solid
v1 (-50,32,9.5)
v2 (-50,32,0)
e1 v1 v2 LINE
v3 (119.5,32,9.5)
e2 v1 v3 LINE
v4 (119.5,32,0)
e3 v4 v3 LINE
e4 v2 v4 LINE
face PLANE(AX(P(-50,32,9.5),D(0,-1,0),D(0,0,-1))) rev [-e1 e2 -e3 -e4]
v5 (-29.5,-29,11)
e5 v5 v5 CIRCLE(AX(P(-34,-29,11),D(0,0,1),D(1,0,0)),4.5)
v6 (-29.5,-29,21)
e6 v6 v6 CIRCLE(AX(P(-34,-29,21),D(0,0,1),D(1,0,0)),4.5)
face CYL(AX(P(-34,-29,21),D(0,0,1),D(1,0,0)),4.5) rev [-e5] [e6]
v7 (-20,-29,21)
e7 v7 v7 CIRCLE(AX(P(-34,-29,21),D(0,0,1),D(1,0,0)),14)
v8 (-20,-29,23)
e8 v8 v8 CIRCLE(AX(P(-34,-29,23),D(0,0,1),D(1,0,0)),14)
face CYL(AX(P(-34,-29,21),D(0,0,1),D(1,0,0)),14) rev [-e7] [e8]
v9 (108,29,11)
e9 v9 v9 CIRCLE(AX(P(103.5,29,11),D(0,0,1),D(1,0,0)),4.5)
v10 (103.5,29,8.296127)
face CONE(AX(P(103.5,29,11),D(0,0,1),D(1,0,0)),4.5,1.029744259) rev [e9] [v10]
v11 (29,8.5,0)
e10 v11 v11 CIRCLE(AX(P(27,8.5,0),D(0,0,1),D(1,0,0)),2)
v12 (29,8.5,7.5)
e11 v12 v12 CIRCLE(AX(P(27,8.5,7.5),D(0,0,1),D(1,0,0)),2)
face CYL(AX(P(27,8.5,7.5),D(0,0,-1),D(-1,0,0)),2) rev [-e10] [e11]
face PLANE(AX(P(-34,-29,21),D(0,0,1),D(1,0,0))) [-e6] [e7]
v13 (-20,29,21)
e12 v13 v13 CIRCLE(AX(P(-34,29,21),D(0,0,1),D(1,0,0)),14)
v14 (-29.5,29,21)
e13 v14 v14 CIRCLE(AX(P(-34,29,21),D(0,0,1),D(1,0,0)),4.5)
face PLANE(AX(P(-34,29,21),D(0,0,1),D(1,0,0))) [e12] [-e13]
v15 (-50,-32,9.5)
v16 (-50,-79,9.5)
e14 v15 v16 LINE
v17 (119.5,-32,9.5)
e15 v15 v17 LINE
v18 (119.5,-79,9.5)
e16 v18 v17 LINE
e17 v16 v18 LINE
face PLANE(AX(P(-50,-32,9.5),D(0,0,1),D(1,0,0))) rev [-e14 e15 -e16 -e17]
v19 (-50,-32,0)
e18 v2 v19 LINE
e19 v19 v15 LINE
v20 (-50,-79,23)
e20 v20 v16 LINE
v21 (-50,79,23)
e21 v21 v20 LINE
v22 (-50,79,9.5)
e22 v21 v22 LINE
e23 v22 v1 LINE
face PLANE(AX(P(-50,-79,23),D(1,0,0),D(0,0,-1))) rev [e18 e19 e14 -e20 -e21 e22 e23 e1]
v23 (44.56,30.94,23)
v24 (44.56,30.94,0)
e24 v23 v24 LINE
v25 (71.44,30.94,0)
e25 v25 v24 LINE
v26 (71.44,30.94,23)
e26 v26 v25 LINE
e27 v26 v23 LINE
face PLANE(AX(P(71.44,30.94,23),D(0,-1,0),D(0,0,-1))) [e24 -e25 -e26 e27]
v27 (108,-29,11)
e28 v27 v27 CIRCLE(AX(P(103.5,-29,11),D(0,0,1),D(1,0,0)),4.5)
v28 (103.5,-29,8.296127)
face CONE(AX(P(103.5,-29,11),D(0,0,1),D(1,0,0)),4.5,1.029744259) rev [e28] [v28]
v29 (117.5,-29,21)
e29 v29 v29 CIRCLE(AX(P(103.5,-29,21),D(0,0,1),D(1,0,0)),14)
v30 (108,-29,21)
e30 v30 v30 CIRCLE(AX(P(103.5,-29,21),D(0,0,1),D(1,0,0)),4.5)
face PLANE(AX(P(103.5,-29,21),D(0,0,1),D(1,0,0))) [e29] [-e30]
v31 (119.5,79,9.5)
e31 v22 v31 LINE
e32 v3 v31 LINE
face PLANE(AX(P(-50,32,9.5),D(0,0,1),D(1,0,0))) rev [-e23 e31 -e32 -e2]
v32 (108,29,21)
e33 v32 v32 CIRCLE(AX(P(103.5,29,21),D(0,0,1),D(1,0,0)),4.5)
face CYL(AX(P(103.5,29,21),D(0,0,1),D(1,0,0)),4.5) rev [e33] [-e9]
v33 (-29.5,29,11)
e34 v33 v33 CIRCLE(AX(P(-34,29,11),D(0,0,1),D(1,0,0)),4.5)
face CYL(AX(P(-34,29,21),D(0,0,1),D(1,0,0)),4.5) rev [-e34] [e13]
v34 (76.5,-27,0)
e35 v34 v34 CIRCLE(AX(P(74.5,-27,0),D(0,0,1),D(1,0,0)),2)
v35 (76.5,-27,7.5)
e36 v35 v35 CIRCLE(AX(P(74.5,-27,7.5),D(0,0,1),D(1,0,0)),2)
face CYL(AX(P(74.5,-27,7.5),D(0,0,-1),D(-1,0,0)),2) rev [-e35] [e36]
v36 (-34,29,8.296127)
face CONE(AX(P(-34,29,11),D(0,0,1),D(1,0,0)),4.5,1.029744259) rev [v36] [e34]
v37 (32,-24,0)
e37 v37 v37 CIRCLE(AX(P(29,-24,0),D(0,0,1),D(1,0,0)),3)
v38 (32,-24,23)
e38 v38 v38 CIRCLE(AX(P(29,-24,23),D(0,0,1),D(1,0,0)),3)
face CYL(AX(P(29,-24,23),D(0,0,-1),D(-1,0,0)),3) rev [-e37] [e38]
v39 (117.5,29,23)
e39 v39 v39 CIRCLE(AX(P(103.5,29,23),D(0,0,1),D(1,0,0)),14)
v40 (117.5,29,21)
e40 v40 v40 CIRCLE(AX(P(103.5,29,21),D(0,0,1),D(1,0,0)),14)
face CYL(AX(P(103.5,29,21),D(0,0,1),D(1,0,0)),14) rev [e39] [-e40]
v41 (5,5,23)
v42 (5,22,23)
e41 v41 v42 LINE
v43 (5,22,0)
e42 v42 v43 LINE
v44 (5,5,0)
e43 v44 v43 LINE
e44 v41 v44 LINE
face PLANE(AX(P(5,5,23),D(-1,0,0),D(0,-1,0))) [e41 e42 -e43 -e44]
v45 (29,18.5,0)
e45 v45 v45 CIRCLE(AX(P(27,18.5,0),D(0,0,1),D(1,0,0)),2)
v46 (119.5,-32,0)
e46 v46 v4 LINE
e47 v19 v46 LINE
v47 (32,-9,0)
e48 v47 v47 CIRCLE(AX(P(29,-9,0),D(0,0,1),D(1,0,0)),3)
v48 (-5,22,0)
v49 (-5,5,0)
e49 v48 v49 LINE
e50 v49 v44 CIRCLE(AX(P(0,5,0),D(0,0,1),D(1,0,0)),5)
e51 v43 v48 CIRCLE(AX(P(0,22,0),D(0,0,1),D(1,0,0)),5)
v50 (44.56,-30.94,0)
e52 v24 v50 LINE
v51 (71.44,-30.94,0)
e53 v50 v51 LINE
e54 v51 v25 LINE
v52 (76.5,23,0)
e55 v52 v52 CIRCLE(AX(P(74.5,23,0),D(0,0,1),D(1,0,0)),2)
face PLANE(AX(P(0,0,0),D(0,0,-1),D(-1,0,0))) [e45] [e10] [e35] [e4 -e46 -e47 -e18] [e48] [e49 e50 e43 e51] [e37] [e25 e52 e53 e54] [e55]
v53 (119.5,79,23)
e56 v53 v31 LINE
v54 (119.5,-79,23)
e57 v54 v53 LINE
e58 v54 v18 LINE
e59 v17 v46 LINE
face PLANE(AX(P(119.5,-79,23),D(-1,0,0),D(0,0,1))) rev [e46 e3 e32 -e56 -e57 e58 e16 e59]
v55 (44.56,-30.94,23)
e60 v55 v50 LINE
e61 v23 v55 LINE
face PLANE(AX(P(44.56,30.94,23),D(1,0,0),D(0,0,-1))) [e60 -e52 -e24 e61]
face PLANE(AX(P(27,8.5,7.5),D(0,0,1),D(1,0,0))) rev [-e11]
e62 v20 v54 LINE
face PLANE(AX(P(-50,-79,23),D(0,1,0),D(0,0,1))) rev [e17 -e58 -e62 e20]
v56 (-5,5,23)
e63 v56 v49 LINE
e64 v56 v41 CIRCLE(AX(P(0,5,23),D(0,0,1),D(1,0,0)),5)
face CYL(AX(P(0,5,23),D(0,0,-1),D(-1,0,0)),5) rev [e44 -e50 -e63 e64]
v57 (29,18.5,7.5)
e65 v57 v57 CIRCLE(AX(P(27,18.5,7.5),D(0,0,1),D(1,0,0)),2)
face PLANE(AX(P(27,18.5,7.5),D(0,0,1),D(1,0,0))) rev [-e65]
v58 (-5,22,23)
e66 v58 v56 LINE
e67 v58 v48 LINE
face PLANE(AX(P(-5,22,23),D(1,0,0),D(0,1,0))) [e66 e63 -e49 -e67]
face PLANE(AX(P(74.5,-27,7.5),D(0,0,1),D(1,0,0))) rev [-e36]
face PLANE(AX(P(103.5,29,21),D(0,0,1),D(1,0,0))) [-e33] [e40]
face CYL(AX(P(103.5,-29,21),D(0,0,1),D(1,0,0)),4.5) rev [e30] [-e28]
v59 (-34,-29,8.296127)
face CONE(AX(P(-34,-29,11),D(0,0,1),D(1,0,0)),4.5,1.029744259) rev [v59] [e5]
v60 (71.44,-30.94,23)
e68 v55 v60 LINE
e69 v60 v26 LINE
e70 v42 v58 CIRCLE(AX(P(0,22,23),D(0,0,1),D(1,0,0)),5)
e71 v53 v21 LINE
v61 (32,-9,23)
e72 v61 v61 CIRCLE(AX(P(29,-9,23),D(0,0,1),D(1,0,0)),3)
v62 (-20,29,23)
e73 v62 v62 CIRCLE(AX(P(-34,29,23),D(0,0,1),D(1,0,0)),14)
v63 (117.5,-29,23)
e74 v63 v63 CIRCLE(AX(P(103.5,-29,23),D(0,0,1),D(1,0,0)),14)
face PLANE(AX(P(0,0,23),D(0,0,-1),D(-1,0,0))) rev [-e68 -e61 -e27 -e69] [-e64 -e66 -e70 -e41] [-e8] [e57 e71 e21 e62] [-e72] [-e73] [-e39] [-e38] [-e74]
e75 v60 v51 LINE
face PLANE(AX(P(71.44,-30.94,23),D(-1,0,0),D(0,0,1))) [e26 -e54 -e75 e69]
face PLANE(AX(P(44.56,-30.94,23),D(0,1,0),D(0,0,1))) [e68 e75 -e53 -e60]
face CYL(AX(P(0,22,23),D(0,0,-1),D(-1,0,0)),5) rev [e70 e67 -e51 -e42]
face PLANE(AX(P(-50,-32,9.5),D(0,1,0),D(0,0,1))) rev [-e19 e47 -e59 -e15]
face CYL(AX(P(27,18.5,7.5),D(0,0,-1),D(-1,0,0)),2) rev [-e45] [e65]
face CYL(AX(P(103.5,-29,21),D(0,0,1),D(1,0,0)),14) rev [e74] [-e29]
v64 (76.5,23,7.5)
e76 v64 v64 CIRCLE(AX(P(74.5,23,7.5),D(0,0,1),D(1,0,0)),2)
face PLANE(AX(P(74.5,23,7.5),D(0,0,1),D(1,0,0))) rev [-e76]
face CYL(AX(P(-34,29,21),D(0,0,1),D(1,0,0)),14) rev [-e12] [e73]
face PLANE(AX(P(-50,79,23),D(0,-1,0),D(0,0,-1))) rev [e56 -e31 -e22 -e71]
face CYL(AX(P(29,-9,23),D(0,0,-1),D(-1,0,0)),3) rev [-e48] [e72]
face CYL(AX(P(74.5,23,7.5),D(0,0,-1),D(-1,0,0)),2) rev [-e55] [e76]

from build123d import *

# Parameters (mm, degrees)
SKETCH2_W                  = 169.5
SKETCH2_H                  = 158
SKETCH2_R                  = 3
SKETCH2_W_2                = 26.88
SKETCH2_H_2                = 61.88
BOSS_EXTRUDE1_DEPTH        = 23
CUT_EXTRUDE1_DEPTH         = 189.415100244
CUT_EXTRUDE1_DEPTH_BACK    = 189.415100244
SKETCH3_W                  = 9.5
SKETCH3_H                  = 47
SKETCH4_R                  = 2
CUT_EXTRUDE2_DEPTH         = 7.5
SKETCH6_R                  = 14
CUT_EXTRUDE4_DEPTH         = 2
M10X1_0_TAPPED_HOLE1_D     = 9
M10X1_0_TAPPED_HOLE1_DEPTH = 10
M10X1_0_TAPPED_HOLE1_TIP   = 2.703872786


with BuildPart() as part:
    # Sketch2 → Boss-Extrude1 (new body)
    with BuildSketch(Plane.XY):
        with Locations((34.75, 0)):
            Rectangle(SKETCH2_W, SKETCH2_H)
        with Locations((29, -9)):
            Circle(SKETCH2_R, mode=Mode.SUBTRACT)
        with Locations((29, -24)):
            Circle(SKETCH2_R, mode=Mode.SUBTRACT)
        with BuildLine():
            Line((-5, 22), (-5, 5))
            ThreePointArc((-5, 5), (0, 0), (5, 5))
            Line((5, 5), (5, 22))
            ThreePointArc((5, 22), (0, 27), (-5, 22))
        make_face(mode=Mode.SUBTRACT)
        with Locations((58, 0)):
            Rectangle(SKETCH2_W_2, SKETCH2_H_2, mode=Mode.SUBTRACT)
    extrude(amount=BOSS_EXTRUDE1_DEPTH)

    # Sketch3 → Cut-Extrude1 (cut, two sides: drawn at the far end of the back side and taken through both)
    with BuildSketch(Plane(origin=(119.5, 0, 0), x_dir=(0, 0, -1), z_dir=(1, 0, 0)).offset(-CUT_EXTRUDE1_DEPTH_BACK)):
        with Locations((-4.75, 55.5)):
            Rectangle(SKETCH3_W, SKETCH3_H)
        with Locations((-4.75, -55.5)):
            Rectangle(SKETCH3_W, SKETCH3_H)
    extrude(amount=CUT_EXTRUDE1_DEPTH + CUT_EXTRUDE1_DEPTH_BACK, mode=Mode.SUBTRACT)

    # Sketch4 → Cut-Extrude2 (cut)
    with BuildSketch(Plane.XY):
        with Locations((74.5, -27)):
            Circle(SKETCH4_R)
        with Locations((74.5, 23)):
            Circle(SKETCH4_R)
        with Locations((27, 18.5)):
            Circle(SKETCH4_R)
        with Locations((27, 8.5)):
            Circle(SKETCH4_R)
    extrude(amount=CUT_EXTRUDE2_DEPTH, mode=Mode.SUBTRACT)

    # Sketch6 → Cut-Extrude4 (cut)
    with BuildSketch(Plane.XY.offset(23)):
        with Locations((103.5, 29)):
            Circle(SKETCH6_R)
        with Locations((103.5, -29)):
            Circle(SKETCH6_R)
        with Locations((-34, 29)):
            Circle(SKETCH6_R)
        with Locations((-34, -29)):
            Circle(SKETCH6_R)
    extrude(amount=-CUT_EXTRUDE4_DEPTH, mode=Mode.SUBTRACT)

    # M10x1.0 Tapped Hole1
    with Locations(Plane(origin=(0, 0, 21), x_dir=(0.9063077870366375, -0.42261826174072625, 0), z_dir=(0, 0, 1))):
        with Locations((-43.07039435, 11.913904925), (-18.558535169, -40.651946723), (81.546926368, 70.023915914), (106.058785549, 17.458064266)):
            Hole(M10X1_0_TAPPED_HOLE1_D / 2, depth=M10X1_0_TAPPED_HOLE1_DEPTH)
            with Locations((0, 0, -(M10X1_0_TAPPED_HOLE1_DEPTH + M10X1_0_TAPPED_HOLE1_TIP / 2))):  # 118° drill point
                Cone(0, M10X1_0_TAPPED_HOLE1_D / 2, M10X1_0_TAPPED_HOLE1_TIP, mode=Mode.SUBTRACT)


solid = part.part
